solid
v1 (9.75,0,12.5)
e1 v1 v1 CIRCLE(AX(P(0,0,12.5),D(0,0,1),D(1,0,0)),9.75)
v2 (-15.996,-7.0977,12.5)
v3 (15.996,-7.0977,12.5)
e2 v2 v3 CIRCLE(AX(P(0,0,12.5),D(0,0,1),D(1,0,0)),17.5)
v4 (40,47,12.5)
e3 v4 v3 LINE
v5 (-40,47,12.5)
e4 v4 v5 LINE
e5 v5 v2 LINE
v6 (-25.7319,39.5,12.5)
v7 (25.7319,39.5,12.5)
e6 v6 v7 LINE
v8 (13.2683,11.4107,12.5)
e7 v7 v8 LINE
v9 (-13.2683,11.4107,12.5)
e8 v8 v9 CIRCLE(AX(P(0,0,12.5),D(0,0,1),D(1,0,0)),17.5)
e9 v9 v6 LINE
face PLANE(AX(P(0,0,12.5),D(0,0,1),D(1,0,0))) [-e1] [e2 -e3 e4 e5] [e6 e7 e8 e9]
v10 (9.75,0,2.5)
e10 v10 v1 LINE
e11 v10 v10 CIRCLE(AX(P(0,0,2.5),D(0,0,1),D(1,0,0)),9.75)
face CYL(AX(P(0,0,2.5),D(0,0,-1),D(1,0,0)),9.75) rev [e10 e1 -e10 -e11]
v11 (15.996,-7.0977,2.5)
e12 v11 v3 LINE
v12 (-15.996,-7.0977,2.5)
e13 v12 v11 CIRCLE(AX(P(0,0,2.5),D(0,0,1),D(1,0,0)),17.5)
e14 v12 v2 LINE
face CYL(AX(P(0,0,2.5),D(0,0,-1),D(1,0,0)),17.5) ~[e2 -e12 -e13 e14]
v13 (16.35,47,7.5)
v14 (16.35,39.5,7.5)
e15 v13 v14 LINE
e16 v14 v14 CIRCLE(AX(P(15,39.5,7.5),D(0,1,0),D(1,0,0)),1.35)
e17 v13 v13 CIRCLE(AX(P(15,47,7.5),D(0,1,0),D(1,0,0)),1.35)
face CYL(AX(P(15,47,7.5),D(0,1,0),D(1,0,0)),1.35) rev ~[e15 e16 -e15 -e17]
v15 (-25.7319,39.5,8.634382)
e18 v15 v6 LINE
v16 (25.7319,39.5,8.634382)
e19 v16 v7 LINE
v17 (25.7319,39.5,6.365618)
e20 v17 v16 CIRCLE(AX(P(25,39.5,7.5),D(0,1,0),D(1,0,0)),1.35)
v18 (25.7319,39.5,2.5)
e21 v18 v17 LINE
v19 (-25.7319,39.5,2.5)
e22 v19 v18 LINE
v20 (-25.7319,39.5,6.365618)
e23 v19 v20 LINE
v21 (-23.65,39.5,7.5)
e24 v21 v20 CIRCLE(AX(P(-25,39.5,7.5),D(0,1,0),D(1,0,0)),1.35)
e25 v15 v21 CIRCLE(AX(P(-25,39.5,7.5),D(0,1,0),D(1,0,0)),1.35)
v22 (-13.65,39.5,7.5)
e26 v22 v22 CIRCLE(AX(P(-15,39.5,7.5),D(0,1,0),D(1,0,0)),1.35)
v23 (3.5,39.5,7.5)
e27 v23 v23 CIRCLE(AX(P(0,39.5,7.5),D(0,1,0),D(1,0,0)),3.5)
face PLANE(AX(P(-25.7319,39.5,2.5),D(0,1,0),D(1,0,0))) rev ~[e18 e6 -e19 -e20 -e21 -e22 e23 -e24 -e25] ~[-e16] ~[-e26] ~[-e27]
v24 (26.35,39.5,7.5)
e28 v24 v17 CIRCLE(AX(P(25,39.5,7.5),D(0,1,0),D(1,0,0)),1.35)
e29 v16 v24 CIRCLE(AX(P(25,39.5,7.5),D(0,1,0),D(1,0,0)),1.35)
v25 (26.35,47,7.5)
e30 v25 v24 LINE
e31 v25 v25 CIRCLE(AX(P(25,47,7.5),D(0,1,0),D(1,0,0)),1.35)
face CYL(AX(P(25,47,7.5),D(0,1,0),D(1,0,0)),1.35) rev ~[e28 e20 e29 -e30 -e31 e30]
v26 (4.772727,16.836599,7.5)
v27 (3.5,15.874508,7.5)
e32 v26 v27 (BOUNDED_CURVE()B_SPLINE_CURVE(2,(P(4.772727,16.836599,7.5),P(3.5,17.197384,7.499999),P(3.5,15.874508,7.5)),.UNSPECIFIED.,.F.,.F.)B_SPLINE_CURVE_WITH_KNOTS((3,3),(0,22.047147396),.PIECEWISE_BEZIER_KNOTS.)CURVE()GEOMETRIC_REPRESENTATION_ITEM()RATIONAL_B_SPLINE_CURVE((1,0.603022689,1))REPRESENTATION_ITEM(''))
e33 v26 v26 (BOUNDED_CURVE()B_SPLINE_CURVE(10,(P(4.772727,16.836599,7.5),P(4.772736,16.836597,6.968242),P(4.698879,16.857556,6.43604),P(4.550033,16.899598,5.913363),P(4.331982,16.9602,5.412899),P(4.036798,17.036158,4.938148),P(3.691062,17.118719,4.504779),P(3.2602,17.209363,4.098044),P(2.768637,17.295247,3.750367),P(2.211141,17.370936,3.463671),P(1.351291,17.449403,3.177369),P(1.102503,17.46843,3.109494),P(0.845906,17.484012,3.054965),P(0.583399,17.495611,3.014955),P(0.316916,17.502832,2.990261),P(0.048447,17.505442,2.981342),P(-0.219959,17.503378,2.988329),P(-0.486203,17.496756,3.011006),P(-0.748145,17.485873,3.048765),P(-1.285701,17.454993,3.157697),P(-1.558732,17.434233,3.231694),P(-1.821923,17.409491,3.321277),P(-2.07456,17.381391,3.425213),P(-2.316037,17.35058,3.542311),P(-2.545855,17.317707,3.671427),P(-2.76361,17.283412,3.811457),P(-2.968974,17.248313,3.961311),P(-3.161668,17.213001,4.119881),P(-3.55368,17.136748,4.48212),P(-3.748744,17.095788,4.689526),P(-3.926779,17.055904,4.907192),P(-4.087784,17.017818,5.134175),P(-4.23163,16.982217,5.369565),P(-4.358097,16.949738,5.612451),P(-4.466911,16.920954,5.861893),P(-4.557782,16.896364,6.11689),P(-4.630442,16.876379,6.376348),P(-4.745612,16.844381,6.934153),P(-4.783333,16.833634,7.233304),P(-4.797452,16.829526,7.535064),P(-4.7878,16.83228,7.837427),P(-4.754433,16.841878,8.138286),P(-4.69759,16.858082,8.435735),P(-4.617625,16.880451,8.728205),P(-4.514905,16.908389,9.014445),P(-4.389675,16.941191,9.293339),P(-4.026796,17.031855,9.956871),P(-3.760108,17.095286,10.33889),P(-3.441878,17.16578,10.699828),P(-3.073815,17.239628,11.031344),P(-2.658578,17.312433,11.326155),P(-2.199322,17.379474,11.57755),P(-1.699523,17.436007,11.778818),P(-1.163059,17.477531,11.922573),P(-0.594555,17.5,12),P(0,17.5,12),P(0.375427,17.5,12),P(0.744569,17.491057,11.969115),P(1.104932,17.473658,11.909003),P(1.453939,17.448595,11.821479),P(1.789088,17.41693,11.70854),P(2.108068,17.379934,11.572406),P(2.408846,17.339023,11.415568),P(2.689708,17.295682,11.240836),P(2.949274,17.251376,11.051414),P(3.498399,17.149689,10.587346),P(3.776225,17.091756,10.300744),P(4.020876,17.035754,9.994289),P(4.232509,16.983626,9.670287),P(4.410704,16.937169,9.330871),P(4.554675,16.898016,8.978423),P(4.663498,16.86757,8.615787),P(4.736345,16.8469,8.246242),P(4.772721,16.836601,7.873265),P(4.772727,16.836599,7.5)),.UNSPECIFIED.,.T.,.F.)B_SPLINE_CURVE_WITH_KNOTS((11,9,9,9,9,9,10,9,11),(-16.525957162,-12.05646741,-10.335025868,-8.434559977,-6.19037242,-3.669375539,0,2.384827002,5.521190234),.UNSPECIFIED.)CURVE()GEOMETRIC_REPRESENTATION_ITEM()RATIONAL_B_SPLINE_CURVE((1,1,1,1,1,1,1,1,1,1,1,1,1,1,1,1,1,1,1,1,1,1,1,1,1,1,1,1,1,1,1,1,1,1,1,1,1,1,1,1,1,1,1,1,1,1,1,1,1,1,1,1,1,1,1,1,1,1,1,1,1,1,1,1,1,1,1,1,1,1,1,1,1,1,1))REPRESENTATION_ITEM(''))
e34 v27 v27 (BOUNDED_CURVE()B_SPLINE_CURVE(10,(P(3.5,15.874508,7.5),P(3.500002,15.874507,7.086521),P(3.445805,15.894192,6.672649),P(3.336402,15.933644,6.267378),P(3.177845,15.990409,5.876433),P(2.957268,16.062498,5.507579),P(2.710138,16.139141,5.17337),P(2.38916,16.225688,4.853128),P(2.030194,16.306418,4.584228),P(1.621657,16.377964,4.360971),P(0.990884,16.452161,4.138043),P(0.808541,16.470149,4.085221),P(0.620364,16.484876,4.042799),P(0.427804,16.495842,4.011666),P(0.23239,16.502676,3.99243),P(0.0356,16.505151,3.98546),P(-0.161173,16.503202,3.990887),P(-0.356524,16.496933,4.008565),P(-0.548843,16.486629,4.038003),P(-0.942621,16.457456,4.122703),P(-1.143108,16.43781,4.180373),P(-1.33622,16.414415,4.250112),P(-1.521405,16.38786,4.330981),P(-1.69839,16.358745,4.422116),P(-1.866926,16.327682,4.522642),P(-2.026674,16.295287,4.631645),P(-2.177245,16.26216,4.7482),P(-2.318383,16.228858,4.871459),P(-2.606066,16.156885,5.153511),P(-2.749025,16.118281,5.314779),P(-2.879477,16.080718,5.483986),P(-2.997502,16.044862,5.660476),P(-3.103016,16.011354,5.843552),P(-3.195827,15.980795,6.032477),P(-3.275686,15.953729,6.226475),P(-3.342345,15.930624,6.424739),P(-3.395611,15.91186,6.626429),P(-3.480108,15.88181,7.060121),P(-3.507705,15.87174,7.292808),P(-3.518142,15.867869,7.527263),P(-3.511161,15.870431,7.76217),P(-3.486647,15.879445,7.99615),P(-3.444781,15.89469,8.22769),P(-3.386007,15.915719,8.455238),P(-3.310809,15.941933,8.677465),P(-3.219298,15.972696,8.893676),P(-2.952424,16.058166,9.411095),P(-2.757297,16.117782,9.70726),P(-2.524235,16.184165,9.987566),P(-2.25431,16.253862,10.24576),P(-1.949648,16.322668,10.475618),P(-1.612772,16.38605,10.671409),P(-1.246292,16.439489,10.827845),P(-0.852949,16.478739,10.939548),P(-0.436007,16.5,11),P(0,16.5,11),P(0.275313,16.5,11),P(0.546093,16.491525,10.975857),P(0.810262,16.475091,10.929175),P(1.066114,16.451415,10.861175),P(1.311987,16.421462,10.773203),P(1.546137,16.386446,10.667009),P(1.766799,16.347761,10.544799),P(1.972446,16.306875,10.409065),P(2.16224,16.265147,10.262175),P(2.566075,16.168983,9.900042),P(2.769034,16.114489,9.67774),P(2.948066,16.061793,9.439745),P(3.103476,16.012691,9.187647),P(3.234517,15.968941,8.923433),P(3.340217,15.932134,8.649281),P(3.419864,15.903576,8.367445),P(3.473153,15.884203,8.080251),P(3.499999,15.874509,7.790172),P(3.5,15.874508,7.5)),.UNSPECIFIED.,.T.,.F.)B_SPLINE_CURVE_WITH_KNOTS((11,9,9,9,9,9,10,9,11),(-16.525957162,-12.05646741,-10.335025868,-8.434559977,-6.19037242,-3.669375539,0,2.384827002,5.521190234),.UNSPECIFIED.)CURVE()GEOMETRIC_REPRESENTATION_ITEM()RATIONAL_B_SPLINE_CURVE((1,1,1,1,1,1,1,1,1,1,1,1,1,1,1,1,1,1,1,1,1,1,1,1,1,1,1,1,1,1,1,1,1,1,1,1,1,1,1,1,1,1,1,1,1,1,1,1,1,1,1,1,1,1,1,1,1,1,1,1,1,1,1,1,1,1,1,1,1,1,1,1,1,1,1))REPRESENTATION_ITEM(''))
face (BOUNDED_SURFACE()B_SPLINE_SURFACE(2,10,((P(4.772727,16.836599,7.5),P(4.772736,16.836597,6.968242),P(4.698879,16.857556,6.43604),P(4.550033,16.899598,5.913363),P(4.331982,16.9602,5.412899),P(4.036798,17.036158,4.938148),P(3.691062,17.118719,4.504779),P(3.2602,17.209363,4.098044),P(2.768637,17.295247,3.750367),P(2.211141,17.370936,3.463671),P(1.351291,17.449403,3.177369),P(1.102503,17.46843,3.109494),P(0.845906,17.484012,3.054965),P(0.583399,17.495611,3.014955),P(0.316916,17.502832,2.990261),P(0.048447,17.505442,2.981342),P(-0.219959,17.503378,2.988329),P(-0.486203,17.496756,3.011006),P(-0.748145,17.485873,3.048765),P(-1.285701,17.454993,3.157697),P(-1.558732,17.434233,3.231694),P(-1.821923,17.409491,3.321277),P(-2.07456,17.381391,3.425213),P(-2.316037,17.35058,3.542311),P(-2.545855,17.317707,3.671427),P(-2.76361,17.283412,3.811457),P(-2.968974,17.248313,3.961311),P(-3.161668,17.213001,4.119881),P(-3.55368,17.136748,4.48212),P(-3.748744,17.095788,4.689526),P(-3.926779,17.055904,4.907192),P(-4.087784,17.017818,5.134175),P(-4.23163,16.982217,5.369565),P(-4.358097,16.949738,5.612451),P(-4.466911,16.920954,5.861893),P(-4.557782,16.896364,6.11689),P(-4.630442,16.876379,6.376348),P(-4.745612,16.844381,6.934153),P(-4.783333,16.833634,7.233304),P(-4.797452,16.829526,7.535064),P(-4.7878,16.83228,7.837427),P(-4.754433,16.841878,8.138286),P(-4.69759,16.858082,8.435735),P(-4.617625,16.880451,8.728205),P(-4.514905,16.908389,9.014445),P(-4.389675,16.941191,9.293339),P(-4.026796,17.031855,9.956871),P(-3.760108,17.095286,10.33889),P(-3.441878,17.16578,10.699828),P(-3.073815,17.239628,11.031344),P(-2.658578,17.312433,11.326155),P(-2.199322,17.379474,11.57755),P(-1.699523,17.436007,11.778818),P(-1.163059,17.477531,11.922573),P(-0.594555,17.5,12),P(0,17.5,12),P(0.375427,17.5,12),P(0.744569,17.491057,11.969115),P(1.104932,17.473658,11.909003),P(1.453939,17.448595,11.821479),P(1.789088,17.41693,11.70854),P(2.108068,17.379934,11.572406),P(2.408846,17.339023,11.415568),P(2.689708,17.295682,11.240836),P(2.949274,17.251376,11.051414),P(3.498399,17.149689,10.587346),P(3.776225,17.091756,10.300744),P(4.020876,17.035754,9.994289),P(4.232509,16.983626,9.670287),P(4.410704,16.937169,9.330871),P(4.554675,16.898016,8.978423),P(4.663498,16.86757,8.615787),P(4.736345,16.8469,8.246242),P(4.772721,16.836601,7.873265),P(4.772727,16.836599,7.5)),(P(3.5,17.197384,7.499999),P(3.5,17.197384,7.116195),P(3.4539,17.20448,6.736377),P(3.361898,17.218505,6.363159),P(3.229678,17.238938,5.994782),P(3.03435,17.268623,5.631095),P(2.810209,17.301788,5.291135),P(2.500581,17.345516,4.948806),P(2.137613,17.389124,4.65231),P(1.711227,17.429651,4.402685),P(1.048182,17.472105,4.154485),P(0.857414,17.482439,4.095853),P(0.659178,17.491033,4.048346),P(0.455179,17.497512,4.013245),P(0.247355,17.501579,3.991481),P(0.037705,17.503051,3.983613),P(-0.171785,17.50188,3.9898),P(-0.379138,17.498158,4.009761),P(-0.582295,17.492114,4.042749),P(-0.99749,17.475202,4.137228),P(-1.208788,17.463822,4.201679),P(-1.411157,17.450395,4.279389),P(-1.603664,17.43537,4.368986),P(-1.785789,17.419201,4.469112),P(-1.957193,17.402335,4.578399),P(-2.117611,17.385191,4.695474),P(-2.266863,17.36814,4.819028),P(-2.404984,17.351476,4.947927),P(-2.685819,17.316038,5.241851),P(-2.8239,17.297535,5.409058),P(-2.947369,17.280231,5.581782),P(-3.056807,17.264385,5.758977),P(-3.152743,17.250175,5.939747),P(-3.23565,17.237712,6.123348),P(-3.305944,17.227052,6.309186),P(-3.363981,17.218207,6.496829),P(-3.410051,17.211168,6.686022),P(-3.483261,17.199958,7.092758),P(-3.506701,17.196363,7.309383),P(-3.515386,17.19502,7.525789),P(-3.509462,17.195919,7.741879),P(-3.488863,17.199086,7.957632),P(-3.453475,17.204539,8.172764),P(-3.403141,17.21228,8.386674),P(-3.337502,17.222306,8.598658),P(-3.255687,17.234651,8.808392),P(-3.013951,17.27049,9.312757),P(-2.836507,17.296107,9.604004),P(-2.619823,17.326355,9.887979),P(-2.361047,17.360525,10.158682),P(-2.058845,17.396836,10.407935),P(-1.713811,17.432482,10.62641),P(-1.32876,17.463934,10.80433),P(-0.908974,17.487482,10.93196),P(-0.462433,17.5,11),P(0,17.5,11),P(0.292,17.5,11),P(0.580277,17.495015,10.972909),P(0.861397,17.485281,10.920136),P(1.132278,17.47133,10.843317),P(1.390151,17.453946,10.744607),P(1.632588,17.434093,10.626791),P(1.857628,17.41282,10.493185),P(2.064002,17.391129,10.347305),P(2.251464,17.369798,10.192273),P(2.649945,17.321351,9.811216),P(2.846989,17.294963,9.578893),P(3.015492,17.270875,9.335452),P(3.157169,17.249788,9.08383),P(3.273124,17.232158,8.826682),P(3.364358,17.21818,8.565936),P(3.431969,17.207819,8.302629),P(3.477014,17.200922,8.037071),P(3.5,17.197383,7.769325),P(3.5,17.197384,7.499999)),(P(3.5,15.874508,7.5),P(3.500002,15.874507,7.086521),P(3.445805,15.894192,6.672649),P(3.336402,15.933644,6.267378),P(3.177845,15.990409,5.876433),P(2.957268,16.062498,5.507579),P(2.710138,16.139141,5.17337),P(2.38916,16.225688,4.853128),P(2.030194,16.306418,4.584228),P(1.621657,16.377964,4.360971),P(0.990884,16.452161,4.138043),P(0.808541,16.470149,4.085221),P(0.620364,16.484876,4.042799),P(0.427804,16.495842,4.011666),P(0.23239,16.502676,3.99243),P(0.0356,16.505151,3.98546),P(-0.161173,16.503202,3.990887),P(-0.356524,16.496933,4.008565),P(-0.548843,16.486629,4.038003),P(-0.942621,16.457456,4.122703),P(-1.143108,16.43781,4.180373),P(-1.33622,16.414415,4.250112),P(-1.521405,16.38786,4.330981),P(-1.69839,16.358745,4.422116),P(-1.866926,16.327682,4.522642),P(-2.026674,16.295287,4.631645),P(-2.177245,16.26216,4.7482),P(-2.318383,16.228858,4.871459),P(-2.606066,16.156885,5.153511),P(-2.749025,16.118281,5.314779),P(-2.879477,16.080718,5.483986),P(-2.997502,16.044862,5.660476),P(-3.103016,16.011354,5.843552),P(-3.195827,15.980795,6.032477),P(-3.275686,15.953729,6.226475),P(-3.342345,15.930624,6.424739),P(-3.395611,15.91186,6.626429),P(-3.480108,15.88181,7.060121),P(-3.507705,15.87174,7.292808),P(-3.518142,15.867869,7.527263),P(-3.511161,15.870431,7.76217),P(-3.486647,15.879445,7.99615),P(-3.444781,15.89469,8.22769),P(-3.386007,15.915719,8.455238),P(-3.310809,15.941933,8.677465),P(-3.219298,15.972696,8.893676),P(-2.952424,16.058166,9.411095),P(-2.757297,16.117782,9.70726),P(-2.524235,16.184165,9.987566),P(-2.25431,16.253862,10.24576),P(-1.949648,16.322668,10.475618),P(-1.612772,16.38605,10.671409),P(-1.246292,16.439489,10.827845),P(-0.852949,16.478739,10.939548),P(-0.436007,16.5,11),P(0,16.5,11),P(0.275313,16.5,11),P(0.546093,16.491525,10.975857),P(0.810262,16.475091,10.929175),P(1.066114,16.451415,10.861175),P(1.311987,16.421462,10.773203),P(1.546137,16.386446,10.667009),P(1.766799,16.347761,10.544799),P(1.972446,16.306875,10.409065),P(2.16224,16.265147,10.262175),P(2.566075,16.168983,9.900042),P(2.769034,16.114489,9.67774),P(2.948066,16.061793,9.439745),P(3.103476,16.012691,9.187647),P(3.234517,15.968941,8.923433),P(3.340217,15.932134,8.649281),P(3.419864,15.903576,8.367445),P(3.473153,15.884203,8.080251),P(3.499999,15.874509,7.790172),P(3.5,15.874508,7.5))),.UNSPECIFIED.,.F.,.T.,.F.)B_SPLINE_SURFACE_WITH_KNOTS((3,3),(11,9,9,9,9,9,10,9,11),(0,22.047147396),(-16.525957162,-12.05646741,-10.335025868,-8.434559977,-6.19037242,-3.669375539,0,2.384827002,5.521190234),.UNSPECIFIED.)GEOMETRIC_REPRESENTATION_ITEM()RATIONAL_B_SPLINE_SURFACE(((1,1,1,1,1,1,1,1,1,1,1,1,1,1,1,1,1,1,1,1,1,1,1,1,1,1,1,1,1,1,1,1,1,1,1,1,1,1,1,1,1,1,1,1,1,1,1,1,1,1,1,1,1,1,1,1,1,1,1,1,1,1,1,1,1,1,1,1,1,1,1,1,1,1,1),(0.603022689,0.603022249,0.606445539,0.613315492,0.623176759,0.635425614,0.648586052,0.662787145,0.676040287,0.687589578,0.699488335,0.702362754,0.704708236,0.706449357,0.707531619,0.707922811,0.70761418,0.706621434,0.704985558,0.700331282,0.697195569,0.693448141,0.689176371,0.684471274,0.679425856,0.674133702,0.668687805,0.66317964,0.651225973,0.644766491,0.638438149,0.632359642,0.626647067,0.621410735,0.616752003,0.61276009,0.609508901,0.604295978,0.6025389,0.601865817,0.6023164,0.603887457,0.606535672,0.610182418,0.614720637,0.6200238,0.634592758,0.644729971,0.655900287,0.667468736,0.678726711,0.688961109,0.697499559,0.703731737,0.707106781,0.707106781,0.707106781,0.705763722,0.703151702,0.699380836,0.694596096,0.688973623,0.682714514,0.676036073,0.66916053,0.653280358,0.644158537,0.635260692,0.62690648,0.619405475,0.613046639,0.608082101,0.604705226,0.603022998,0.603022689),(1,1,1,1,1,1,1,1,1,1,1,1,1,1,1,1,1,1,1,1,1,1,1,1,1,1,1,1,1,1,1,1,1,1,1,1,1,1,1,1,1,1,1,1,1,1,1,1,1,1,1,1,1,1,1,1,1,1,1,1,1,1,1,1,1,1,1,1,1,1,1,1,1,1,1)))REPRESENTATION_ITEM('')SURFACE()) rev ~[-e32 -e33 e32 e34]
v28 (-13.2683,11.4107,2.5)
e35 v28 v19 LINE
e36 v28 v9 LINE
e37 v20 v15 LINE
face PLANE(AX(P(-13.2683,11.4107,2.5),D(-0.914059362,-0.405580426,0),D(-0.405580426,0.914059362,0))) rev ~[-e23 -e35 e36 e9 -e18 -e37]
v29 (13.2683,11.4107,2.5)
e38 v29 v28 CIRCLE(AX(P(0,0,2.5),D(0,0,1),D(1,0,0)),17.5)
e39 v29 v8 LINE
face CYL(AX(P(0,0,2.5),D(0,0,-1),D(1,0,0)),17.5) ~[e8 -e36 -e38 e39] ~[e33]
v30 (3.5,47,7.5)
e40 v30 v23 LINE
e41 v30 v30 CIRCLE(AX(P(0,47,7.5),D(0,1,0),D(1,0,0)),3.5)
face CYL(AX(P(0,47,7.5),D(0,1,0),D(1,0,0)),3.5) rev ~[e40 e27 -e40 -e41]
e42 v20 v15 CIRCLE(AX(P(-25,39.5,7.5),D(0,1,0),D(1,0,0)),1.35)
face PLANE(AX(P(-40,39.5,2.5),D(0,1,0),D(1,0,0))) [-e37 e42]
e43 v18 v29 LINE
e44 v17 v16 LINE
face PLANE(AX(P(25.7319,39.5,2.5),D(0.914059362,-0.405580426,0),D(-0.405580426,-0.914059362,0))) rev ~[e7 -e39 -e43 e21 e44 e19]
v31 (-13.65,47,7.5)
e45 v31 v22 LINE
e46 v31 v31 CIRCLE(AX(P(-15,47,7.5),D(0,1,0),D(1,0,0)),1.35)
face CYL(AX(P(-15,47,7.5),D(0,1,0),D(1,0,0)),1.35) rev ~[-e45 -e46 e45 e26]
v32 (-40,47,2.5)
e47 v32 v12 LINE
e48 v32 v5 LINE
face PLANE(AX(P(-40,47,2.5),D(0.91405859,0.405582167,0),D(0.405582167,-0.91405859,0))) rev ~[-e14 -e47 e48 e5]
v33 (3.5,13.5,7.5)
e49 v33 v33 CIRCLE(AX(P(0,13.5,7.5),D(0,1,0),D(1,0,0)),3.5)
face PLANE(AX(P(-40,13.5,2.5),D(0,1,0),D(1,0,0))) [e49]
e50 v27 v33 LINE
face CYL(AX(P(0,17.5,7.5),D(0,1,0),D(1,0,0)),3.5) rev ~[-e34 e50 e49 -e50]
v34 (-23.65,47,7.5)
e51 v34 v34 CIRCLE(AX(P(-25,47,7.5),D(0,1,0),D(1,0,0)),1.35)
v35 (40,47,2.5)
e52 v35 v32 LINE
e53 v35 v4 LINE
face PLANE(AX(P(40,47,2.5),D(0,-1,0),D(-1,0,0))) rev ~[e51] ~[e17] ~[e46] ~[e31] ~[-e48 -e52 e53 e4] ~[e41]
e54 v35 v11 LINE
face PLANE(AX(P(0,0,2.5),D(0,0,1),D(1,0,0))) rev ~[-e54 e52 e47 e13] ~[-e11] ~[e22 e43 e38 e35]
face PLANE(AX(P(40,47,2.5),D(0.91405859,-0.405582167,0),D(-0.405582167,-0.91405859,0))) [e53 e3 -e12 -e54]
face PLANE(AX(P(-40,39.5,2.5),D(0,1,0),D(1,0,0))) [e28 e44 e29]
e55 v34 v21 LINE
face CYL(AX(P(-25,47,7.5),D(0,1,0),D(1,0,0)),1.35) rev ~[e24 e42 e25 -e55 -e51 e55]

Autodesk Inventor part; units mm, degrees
ref_plane "YZ Plane" through (0, 0, 0) normal (1, 0, 0) x (0, 1, 0)
ref_plane "XZ Plane" through (0, 0, 0) normal (0, 1, 0) x (-1, 0, 0)
ref_plane "XY Plane" through (0, 0, 0) normal (0, 0, 1) x (1, 0, 0)
ref_plane "Work Plane1" through (0, 0, 2.5) normal (0, 0, 1) x (1, 0, 0)
sketch "Sketch1" plane through (0, 0, 2.5) normal (0, 0, 1) x (1, 0, 0)
  circle A0 centre (0, 0) radius 9.75
  circle A1 centre (0, 0) radius 17.5
  line L0 (0, 0) -> (0, 47) construction
  line L1 (40, 47) -> (-40, 47)
  line L2 (-40, 47) -> (-15.996, -7.0977)
  line L3 (40, 47) -> (15.996, -7.0977)
  line L4 (-25.7319, 39.5) -> (25.7319, 39.5)
  line L5 (25.7319, 39.5) -> (13.2683, 11.4107)
  line L6 (-13.2683, 11.4107) -> (-25.7319, 39.5)
  dimension "d0" = 19.5
  dimension "d1" = 35
  dimension "d2" = 47
  dimension "d3" = 80
  dimension "d4" = 7.5
  dimension "d6" = 10
  dimension "d7" = 10
extrude "Extrusion1" add sketch "Sketch1" along normal blind 10 contours A1 | A1 L5 L4 L6 L2 L1 L3
sketch "Sketch2" plane through (-40, 47, 2.5) normal (0, 1, 0) x (1, 0, 0)
  line L0 (0, 0) -> (0, -10) construction
  line L1 (0, -5) -> (80, -5) construction
  line L2 (80, 0) -> (80, -10) construction
  circle A0 centre (15, -5) radius 1.35
  circle A1 centre (25, -5) radius 1.35
  line L3 (40, -5) -> (40, 0) construction
  line L4 (24.004, 0) -> (55.996, 0) construction
  circle A2 centre (65, -5) radius 1.35
  circle A3 centre (55, -5) radius 1.35
  circle A4 centre (40, -5) radius 3.5
  point P0 (40, 2.5)
  dimension "d10" = 2.7
  dimension "d11" = 15
  dimension "d14" = 10
  dimension "d19" = 7
extrude "Extrusion2" cut sketch "Sketch2" against normal up to surface (7.5 mm away)
ref_plane "Work Plane2" through (-40, 17.5, 2.5) normal (0, 1, 0) x (1, 0, 0)
sketch "Sketch3" plane through (-40, 17.5, 2.5) normal (0, 1, 0) x (1, 0, 0)
  circle A0 centre (40, -5) radius 3.5 projected
  point P0 (40, 2.5)
extrude "Extrusion3" cut sketch "Sketch3" against normal blind 4
fillet "Fillet1" radius 1 3 edges at (2.669, 17.2953, 9.7641) (-3.4999, 17.1465, 7.4721) (2.6638, 17.2961, 5.2297)
properties part number "LowerWheelBracket"
